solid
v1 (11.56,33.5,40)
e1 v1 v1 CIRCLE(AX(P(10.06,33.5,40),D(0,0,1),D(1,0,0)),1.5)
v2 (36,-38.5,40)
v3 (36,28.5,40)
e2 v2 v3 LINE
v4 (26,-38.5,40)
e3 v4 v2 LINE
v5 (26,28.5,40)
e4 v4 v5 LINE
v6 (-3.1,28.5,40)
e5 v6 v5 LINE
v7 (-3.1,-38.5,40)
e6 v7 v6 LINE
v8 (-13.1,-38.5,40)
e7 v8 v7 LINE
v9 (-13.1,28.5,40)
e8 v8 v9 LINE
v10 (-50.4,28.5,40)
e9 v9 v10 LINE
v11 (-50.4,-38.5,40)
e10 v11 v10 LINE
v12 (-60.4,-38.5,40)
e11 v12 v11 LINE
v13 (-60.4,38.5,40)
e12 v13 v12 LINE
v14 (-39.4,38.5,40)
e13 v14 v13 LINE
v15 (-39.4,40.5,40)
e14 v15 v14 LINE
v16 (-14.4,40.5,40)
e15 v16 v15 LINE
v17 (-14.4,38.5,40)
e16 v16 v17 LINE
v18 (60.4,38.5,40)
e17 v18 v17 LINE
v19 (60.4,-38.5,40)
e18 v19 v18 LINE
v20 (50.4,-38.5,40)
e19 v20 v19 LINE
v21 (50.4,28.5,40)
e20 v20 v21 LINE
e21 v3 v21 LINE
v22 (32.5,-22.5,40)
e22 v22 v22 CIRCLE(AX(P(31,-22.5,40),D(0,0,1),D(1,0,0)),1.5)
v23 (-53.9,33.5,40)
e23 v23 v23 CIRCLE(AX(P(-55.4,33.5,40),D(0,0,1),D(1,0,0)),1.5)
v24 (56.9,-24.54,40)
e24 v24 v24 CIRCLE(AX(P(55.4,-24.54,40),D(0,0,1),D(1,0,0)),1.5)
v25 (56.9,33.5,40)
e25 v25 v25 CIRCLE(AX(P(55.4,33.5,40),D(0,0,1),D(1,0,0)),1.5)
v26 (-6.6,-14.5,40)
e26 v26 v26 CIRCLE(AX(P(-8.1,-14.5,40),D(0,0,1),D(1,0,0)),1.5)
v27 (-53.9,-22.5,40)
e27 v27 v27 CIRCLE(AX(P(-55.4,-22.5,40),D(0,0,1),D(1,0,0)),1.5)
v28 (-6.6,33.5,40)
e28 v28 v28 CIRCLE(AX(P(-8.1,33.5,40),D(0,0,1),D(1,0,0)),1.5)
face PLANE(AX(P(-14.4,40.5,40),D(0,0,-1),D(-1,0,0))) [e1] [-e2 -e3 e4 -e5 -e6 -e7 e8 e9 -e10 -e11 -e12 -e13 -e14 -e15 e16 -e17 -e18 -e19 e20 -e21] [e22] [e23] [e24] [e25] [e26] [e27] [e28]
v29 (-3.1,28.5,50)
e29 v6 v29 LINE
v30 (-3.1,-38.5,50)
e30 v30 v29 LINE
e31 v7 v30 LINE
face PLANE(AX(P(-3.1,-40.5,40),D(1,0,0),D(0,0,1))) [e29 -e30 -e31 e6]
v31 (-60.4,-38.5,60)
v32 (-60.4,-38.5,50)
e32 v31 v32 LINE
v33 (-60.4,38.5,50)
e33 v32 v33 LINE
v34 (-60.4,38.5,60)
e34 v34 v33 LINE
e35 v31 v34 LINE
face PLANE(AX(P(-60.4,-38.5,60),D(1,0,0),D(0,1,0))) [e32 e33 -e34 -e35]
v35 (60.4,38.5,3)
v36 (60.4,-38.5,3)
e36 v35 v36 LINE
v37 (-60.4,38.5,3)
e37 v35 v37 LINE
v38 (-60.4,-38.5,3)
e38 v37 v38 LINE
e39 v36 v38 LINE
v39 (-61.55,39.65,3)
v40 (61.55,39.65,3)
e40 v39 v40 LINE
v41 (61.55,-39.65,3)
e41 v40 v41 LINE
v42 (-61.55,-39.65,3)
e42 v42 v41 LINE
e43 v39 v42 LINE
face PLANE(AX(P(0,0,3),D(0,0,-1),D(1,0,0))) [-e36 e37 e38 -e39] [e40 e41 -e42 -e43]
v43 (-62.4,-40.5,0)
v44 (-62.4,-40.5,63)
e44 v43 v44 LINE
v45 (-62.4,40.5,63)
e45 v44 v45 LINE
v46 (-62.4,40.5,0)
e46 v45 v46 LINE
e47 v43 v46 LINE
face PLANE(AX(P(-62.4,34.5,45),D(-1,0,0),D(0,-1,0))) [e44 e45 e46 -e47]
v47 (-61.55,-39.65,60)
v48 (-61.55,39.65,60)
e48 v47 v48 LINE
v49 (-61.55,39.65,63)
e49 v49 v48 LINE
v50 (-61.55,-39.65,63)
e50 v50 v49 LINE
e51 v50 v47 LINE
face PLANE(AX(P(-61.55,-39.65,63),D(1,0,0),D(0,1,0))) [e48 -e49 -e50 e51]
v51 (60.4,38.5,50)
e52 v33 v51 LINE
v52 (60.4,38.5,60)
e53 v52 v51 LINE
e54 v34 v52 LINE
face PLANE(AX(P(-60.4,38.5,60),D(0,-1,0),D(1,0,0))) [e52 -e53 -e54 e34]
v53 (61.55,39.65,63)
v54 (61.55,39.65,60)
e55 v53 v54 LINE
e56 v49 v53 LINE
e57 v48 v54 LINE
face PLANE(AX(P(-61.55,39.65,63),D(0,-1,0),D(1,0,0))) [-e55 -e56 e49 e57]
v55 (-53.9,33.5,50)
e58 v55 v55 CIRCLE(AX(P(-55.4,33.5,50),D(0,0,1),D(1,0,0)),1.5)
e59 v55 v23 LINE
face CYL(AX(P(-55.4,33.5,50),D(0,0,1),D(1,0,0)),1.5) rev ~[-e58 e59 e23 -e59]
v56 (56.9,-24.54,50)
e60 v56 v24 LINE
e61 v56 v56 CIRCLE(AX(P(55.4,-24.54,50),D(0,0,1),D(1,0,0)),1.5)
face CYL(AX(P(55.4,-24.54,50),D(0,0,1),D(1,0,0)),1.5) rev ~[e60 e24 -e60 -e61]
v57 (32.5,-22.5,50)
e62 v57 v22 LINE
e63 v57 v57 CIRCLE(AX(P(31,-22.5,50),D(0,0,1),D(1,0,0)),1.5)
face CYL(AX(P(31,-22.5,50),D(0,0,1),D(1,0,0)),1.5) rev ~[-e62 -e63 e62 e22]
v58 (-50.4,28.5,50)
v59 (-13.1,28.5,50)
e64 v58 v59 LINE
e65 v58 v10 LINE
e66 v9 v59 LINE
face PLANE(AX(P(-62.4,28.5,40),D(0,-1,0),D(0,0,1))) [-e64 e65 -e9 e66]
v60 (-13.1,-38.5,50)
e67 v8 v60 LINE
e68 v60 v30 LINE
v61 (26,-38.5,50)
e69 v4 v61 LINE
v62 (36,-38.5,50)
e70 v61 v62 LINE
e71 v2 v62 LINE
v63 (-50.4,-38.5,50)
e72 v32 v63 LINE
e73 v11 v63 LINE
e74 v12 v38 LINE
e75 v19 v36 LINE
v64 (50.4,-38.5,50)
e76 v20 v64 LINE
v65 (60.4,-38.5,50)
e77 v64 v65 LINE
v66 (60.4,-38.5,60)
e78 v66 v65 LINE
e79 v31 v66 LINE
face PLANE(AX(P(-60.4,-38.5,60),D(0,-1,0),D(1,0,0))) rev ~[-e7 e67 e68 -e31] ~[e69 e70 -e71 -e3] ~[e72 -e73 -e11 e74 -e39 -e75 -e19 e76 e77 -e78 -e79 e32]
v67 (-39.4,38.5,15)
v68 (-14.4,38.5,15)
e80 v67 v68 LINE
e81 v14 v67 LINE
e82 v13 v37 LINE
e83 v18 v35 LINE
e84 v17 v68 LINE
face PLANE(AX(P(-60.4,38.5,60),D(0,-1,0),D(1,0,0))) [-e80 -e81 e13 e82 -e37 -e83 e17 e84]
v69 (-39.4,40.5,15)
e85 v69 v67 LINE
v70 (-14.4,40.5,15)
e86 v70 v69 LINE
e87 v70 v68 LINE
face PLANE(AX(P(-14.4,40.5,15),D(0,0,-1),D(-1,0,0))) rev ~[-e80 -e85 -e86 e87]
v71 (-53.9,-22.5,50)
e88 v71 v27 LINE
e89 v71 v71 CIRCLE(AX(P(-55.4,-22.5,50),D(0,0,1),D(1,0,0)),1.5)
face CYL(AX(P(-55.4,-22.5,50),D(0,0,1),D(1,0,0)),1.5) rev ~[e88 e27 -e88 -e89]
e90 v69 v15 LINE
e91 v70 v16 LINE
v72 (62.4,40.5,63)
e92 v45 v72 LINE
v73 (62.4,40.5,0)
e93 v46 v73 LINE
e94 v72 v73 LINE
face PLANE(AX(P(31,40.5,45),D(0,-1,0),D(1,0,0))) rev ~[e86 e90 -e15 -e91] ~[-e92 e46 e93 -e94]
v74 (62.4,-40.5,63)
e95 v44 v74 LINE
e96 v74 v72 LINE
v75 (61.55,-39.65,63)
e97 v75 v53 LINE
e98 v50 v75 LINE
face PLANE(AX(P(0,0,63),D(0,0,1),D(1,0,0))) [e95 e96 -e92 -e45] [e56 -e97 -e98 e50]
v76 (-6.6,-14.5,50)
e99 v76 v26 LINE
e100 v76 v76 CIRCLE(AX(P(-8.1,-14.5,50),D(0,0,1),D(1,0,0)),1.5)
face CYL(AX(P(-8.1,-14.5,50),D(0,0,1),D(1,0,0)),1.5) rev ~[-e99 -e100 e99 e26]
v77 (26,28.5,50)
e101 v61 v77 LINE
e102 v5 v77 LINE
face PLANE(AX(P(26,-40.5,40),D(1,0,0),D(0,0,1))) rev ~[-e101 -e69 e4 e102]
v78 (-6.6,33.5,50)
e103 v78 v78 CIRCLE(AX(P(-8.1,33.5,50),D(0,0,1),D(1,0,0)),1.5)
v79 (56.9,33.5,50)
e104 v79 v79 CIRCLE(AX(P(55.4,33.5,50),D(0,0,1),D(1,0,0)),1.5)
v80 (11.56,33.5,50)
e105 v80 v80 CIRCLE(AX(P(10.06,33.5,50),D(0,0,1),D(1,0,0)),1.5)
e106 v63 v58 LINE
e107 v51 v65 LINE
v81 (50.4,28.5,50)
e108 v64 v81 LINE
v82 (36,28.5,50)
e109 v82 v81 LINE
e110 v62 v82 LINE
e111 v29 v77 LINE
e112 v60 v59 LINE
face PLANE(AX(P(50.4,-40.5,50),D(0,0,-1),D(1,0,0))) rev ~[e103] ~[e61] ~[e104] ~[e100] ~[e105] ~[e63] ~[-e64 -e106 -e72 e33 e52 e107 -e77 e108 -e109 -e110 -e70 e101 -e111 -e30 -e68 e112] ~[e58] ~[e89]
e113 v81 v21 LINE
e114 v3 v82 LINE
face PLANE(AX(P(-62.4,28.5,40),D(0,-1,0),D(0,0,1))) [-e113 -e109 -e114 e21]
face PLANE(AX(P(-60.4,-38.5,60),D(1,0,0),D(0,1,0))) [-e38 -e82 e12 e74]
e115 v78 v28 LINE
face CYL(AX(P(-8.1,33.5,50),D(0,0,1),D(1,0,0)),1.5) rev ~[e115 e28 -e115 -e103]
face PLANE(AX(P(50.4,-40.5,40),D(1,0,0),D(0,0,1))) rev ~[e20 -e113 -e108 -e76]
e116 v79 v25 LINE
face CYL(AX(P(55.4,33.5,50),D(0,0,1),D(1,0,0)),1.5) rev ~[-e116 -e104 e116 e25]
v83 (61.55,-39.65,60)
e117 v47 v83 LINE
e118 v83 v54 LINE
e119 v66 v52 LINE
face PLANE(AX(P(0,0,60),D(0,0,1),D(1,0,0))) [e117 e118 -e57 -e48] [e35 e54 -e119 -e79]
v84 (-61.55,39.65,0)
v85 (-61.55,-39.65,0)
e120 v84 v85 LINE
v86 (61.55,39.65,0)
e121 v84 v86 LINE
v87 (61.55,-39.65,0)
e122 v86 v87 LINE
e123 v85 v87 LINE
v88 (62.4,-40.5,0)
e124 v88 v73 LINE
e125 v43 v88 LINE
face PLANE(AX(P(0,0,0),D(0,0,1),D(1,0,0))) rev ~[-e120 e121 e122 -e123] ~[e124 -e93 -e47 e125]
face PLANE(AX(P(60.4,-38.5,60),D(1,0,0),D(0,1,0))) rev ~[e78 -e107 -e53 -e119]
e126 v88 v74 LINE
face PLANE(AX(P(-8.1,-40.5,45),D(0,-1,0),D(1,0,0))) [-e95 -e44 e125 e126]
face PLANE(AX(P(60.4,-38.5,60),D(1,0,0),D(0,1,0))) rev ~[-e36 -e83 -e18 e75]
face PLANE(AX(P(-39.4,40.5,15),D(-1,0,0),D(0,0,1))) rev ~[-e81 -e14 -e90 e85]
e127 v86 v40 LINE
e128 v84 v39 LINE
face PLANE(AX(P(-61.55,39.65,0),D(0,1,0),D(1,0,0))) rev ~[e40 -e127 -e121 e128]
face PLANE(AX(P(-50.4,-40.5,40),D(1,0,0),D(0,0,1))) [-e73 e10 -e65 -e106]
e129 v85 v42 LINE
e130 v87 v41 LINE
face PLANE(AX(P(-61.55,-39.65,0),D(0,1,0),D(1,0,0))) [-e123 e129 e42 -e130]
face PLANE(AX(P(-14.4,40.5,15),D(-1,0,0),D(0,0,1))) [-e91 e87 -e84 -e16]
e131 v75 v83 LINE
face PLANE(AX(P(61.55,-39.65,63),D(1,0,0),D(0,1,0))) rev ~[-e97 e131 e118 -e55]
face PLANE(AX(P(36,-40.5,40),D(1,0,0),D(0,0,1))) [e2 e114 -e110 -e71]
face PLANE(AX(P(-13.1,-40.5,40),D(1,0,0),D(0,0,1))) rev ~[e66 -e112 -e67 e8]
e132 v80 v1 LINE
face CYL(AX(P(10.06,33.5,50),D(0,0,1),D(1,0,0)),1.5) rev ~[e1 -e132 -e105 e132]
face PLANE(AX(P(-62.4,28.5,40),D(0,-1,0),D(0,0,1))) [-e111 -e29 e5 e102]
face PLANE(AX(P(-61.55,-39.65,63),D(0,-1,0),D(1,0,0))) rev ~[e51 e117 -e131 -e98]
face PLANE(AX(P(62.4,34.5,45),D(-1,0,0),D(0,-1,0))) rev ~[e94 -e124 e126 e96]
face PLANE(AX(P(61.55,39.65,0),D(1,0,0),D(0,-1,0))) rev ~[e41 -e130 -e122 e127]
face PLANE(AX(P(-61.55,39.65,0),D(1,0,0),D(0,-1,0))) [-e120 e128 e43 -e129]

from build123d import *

# Parameters (mm, degrees)
F0_W      = 124.8
F0_H      = 81
F1_DEPTH  = 63
F2_W      = 123.1
F2_H      = 79.3
F3_DEPTH  = 3
F4_W      = 123.1
F4_H      = 79.3
F5_DEPTH  = 3
F6_W      = 120.8
F6_H      = 77
F7_DEPTH  = 60.001
F8_W      = 12
F8_H      = 10
F9_DEPTH  = 81
F10_W     = 12
F10_H     = 10
F11_DEPTH = 81
F12_W     = 12
F12_H     = 10
F13_DEPTH = 124.8
F14_R     = 1.5
F15_DEPTH = 50.001
F16_R     = 1.5
F17_DEPTH = 50.001
F18_R     = 1.5
F19_DEPTH = 50.001
F20_R     = 1.5
F21_DEPTH = 50.001
F22_R     = 1.5
F23_DEPTH = 50.001
F24_W     = 10
F24_H     = 10
F25_DEPTH = 81
F26_R     = 1.5
F27_DEPTH = 50.001
F28_W     = 10
F28_H     = 10
F29_DEPTH = 69
F30_R     = 1.5
F31_DEPTH = 50.001
F32_W     = 25
F32_H     = 25
F33_DEPTH = 25
F34_R     = 1.5
F35_DEPTH = 50.001


with BuildPart() as f1:
    # F0 (on Top) → F1 (new body)
    with BuildSketch(Plane.XY):
        Rectangle(F0_W, F0_H)
    extrude(amount=F1_DEPTH)

    # F2 (on face) → F3 (cut)
    with BuildSketch(Plane.XY.offset(63)):
        Rectangle(F2_W, F2_H)
    extrude(amount=-F3_DEPTH, mode=Mode.SUBTRACT)

    # F4 (on face) → F5 (cut)
    with BuildSketch(Plane(origin=(0, 0, 0), x_dir=(1, 0, 0), z_dir=(0, 0, -1))):
        Rectangle(F4_W, F4_H)
    extrude(amount=-F5_DEPTH, mode=Mode.SUBTRACT)

    # F6 (on face) → F7 (cut, through all)
    with BuildSketch(Plane.XY.offset(60)):
        Rectangle(F6_W, F6_H)
    extrude(amount=-F7_DEPTH, mode=Mode.SUBTRACT)

    # F8 (on face) → F9 (join)
    with BuildSketch(Plane.XZ.offset(40.5)):
        with Locations((-56.4, 45)):
            Rectangle(F8_W, F8_H)
    extrude(amount=-F9_DEPTH)

    # F10 (on face) → F11 (join)
    with BuildSketch(Plane.XZ.offset(40.5)):
        with Locations((56.4, 45)):
            Rectangle(F10_W, F10_H)
    extrude(amount=-F11_DEPTH)

    # F12 (on face) → F13 (join)
    with BuildSketch(Plane(origin=(-62.4, 0, 0), x_dir=(0, -1, 0), z_dir=(-1, 0, 0))):
        with Locations((-34.5, 45)):
            Rectangle(F12_W, F12_H)
    extrude(amount=-F13_DEPTH)

    # F14 (on face) → F15 (cut, through all)
    with BuildSketch(Plane.XY.offset(50)):
        with Locations((-55.4, 33.5)):
            Circle(F14_R)
    extrude(amount=-F15_DEPTH, mode=Mode.SUBTRACT)

    # F16 (on face) → F17 (cut, through all)
    with BuildSketch(Plane.XY.offset(50)):
        with Locations((55.4, 33.5)):
            Circle(F16_R)
    extrude(amount=-F17_DEPTH, mode=Mode.SUBTRACT)

    # F18 (on face) → F19 (cut, through all)
    with BuildSketch(Plane.XY.offset(50)):
        with Locations((-55.4, -22.5)):
            Circle(F18_R)
    extrude(amount=-F19_DEPTH, mode=Mode.SUBTRACT)

    # F20 (on face) → F21 (cut, through all)
    with BuildSketch(Plane.XY.offset(50)):
        with Locations((-8.1, 33.5)):
            Circle(F20_R)
    extrude(amount=-F21_DEPTH, mode=Mode.SUBTRACT)

    # F22 (on face) → F23 (cut, through all)
    with BuildSketch(Plane.XY.offset(50)):
        with Locations((10.06, 33.5)):
            Circle(F22_R)
    extrude(amount=-F23_DEPTH, mode=Mode.SUBTRACT)

    # F24 (on face) → F25 (join)
    with BuildSketch(Plane.XZ.offset(40.5)):
        with Locations((31, 45)):
            Rectangle(F24_W, F24_H)
    extrude(amount=-F25_DEPTH)

    # F26 (on face) → F27 (cut, through all)
    with BuildSketch(Plane.XY.offset(50)):
        with Locations((31, -22.5)):
            Circle(F26_R)
    extrude(amount=-F27_DEPTH, mode=Mode.SUBTRACT)

    # F28 (on face) → F29 (join)
    with BuildSketch(Plane.XZ.offset(40.5)):
        with Locations((-8.1, 45)):
            Rectangle(F28_W, F28_H)
    extrude(amount=-F29_DEPTH)

    # F30 (on face) → F31 (cut, through all)
    with BuildSketch(Plane.XY.offset(50)):
        with Locations((-8.1, -14.5)):
            Circle(F30_R)
    extrude(amount=-F31_DEPTH, mode=Mode.SUBTRACT)

    # F32 (on face) → F33 (cut)
    with BuildSketch(Plane(origin=(0, 40.5, 0), x_dir=(-1, 0, 0), z_dir=(0, 1, 0))):
        with Locations((26.9, 27.5)):
            Rectangle(F32_W, F32_H)
    extrude(amount=-F33_DEPTH, mode=Mode.SUBTRACT)

    # F34 (on face) → F35 (cut, through all)
    with BuildSketch(Plane.XY.offset(50)):
        with Locations((55.4, -24.54)):
            Circle(F34_R)
    extrude(amount=-F35_DEPTH, mode=Mode.SUBTRACT)


solid = f1.part
